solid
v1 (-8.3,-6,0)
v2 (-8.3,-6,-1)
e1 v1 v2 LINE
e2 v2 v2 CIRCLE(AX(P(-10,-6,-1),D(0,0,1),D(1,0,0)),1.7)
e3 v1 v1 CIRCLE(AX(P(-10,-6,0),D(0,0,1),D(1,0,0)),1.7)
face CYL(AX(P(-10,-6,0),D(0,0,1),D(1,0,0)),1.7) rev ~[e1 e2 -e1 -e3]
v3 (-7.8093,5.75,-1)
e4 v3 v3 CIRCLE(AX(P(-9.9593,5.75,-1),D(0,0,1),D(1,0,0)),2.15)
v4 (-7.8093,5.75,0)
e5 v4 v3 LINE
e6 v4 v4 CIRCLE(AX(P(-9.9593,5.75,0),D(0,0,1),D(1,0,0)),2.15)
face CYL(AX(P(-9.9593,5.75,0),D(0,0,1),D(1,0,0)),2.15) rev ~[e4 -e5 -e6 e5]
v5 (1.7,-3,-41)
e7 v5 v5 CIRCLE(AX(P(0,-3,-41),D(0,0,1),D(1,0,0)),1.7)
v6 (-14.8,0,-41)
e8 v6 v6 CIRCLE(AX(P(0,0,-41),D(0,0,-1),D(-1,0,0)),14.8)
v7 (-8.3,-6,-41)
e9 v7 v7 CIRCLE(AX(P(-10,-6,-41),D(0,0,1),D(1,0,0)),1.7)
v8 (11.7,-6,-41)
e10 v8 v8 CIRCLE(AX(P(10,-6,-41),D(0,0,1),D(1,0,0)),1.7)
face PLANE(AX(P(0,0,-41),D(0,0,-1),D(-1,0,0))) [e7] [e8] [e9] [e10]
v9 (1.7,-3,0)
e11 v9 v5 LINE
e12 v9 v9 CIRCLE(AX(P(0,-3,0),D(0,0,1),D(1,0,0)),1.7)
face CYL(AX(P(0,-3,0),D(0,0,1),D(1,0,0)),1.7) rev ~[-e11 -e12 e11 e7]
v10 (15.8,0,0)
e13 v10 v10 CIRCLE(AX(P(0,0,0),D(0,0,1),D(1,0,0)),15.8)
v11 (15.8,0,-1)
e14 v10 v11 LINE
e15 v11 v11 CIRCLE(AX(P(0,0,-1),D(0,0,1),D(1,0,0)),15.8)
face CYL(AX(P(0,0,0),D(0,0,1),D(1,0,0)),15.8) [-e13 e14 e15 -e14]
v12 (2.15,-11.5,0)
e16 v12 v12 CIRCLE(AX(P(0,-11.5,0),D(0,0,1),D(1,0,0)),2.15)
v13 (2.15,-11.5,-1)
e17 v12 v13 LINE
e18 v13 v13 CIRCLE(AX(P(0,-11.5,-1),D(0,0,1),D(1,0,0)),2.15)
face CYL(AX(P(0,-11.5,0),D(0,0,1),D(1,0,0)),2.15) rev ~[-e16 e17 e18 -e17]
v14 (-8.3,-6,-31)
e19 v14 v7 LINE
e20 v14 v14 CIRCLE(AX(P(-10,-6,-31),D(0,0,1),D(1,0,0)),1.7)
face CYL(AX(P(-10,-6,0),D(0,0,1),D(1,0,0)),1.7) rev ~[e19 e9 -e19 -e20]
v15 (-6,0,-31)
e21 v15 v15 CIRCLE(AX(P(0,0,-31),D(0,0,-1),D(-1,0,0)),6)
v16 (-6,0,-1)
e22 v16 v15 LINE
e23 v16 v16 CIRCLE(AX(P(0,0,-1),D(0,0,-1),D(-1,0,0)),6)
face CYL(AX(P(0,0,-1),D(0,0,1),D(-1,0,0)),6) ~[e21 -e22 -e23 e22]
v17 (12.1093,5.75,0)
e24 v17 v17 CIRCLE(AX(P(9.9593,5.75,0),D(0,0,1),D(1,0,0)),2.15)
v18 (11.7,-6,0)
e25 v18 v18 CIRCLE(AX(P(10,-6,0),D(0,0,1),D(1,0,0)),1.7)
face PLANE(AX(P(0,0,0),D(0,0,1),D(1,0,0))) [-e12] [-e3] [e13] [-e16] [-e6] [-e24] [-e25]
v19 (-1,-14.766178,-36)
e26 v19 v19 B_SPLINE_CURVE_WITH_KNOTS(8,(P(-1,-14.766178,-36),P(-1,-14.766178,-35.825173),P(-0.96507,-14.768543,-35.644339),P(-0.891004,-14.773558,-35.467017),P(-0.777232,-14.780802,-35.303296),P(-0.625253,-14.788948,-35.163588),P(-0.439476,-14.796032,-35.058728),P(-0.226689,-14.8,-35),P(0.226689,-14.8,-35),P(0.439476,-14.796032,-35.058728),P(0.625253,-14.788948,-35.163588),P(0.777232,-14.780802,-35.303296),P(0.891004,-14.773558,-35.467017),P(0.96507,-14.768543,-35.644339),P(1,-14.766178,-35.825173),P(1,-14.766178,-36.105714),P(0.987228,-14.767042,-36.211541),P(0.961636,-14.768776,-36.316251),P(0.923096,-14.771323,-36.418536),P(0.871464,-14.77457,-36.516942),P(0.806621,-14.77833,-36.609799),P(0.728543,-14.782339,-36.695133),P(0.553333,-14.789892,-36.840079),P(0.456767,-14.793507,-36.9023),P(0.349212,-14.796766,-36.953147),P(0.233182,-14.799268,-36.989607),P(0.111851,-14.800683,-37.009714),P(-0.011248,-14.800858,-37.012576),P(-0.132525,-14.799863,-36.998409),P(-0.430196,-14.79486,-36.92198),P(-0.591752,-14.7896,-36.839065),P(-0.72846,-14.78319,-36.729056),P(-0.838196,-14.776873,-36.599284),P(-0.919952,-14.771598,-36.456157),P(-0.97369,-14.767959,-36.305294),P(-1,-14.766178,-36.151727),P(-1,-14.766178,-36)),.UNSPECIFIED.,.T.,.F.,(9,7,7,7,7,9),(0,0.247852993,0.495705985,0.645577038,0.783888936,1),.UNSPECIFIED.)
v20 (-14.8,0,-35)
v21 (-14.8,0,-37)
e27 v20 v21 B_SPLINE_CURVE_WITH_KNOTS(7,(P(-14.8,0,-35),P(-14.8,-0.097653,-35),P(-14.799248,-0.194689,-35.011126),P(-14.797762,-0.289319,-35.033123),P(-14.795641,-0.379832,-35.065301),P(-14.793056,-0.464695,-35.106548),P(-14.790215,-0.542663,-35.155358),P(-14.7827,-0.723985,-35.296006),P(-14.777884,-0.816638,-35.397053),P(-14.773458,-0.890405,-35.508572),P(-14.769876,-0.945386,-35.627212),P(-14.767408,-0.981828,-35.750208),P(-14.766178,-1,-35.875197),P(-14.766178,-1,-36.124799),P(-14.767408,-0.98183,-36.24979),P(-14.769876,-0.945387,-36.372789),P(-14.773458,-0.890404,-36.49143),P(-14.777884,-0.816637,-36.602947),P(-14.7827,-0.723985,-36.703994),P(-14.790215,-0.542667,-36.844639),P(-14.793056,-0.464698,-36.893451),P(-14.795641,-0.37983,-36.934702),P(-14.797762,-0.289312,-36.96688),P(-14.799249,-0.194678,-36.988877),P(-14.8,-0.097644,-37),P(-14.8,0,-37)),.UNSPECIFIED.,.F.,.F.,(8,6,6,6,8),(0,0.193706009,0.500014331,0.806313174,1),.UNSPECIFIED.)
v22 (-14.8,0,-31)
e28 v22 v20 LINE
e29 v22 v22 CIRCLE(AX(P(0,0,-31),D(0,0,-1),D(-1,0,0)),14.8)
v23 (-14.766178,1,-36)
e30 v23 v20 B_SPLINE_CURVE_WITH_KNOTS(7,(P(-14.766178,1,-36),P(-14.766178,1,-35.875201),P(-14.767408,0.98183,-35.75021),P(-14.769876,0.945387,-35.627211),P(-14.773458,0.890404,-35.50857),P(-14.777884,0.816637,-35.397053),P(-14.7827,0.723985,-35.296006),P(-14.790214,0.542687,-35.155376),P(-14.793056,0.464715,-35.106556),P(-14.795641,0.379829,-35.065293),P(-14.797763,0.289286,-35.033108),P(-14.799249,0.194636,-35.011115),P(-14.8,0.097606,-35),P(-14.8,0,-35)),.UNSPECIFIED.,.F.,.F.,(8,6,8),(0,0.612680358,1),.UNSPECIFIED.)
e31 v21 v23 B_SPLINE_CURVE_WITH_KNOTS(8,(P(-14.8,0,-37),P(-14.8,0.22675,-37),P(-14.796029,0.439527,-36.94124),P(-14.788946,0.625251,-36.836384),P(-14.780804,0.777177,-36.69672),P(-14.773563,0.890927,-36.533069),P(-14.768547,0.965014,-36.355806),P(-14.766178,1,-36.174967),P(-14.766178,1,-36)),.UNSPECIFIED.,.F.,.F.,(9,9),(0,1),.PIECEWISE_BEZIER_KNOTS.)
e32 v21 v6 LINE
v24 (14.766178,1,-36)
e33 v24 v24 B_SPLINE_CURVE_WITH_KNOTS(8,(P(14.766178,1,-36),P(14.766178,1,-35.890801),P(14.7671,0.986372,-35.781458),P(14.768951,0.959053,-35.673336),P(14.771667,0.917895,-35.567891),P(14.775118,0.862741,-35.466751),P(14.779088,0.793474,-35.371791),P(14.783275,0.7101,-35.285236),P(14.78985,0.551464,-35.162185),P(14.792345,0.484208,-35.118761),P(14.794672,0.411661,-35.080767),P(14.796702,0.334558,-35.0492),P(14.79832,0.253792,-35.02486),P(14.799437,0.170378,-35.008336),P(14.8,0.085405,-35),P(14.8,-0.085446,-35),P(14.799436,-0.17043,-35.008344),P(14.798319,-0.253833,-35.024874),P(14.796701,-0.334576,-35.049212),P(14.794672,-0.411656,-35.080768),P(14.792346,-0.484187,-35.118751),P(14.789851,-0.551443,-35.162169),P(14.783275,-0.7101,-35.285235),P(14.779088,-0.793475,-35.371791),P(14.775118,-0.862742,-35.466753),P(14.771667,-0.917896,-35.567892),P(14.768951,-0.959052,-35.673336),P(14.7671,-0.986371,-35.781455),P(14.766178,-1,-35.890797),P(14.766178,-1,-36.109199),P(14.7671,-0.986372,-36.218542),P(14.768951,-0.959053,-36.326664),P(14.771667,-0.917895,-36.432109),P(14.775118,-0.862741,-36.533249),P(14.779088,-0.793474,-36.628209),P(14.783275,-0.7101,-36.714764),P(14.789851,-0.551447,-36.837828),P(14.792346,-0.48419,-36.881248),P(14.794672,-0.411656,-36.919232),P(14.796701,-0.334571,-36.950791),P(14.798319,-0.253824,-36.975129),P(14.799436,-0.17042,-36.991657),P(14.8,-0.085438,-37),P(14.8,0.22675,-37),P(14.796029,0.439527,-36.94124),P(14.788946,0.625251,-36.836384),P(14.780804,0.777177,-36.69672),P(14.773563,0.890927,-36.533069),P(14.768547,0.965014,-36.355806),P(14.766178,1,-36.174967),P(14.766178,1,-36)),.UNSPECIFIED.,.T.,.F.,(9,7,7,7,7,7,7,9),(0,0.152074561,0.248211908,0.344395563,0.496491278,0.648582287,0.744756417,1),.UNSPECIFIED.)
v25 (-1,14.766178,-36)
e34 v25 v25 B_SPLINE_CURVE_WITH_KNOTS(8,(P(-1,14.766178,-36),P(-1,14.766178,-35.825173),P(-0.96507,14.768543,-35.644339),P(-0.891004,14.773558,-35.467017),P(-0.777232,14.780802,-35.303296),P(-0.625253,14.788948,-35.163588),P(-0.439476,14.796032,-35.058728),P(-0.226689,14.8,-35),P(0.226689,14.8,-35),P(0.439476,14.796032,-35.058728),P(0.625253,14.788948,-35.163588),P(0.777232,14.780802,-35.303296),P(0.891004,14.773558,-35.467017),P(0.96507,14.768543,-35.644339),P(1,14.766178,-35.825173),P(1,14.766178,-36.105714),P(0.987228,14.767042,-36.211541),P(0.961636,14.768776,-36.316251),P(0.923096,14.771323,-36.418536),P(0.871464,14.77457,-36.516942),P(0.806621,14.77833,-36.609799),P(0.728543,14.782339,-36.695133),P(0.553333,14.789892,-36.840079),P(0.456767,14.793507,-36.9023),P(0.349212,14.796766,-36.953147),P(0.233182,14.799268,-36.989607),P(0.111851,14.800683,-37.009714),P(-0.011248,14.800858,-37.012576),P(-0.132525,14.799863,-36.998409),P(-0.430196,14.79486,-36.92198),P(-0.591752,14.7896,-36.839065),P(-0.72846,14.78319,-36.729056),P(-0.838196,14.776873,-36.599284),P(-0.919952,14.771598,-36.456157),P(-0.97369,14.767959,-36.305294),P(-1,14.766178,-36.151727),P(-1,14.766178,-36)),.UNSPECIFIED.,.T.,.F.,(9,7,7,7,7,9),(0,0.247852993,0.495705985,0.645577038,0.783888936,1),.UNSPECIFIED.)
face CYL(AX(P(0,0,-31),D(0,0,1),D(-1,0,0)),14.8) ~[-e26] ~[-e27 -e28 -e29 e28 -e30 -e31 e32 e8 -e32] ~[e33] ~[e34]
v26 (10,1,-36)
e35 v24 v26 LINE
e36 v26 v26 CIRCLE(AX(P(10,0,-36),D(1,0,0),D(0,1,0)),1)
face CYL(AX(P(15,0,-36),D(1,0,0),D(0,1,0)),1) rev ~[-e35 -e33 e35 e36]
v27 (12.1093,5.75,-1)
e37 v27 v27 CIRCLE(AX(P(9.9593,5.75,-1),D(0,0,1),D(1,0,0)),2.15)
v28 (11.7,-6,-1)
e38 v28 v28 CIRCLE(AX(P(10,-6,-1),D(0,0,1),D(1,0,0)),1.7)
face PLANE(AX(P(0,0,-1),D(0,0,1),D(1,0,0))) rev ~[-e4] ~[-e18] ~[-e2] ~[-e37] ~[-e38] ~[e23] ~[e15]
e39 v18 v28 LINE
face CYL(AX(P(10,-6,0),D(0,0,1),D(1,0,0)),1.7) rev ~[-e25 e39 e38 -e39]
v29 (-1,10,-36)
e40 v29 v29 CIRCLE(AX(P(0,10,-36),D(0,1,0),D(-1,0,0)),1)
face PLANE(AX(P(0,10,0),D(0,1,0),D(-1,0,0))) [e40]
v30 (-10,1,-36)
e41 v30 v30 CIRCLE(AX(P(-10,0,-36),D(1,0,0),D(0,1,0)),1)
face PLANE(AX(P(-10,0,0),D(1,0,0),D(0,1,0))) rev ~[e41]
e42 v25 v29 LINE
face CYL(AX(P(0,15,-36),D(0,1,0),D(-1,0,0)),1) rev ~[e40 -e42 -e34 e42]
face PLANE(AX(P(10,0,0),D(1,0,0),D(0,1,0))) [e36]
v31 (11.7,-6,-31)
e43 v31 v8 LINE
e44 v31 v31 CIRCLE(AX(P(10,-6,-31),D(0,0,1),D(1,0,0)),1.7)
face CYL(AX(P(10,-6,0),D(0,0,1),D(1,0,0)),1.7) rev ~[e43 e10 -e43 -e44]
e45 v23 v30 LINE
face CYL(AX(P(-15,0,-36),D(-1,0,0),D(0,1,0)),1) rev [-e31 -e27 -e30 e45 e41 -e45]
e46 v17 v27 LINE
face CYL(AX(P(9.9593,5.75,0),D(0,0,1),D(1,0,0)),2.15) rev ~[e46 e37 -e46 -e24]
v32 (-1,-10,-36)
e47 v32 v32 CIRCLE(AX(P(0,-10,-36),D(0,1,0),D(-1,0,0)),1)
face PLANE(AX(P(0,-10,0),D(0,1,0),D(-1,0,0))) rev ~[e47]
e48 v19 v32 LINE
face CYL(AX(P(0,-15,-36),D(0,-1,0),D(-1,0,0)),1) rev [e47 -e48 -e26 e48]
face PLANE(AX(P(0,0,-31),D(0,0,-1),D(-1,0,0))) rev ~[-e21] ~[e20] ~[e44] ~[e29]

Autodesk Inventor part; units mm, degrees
sketch "スケッチ2" plane through (0, 0, 0) normal (0, 0, 1) x (1, 0, 0)
  circle A0 centre (0, 0) radius 15.8
  dimension "d0" = 31.6
extrude "押し出し1" add sketch "スケッチ2" against normal blind 1
sketch "スケッチ11" plane through (0, 0, -1) normal (0, 0, -1) x (-1, 0, 0)
  circle A0 centre (0, 0) radius 6
  dimension "d85" = 12
extrude "押し出し9" add sketch "スケッチ11" along normal blind 30
sketch "スケッチ12" plane through (0, 0, -31) normal (0, 0, -1) x (-1, 0, 0)
  circle A0 centre (0, 0) radius 14.8
  dimension "d106" = 29.6
extrude "押し出し10" add sketch "スケッチ12" along normal blind 10
sketch "スケッチ13" plane through (0, 0, 0) normal (0, 0, 1) x (1, 0, 0)
  circle A0 centre (0, -3) radius 1.7
  circle A1 centre (-10, -6) radius 1.7
  circle A2 centre (10, -6) radius 1.7
  line L0 (0, 0) -> (0, 17.9574) construction
  dimension "d90" = 3.4
  dimension "d91" = 3.4
  dimension "d92" = 3.4
  dimension "d93" = 3
  dimension "d94" = 6
  dimension "d95" = 10
extrude "押し出し11" cut sketch "スケッチ13" against normal through all
sketch "スケッチ14" plane through (0, 0, 0) normal (0, 0, 1) x (1, 0, 0)
  circle A0 centre (0, -11.5) radius 2.15
  circle A1 centre (9.9593, 5.75) radius 2.15
  circle A2 centre (-9.9593, 5.75) radius 2.15
  point P0 (0, 0)
  dimension "d98" = 4.3
  dimension "d99" = 11.5
  dimension "d102" = 360
extrude "押し出し12" cut sketch "スケッチ14" against normal blind 1
ref_plane "作業平面1" through (15, 0, 0) normal (1, 0, 0) x (0, 1, 0)
ref_plane "作業平面2" through (-15, 0, 0) normal (1, 0, 0) x (0, 1, 0)
ref_plane "作業平面3" through (0, 15, 0) normal (0, 1, 0) x (-1, 0, 0)
ref_plane "作業平面4" through (0, -15, 0) normal (0, 1, 0) x (-1, 0, 0)
sketch "スケッチ16" plane through (15, 0, 0) normal (1, 0, 0) x (0, 1, 0)
  circle A0 centre (0, -36) radius 1
  line L0 (-14.8, -41) -> (14.8, -41) projected
  point P0 (0, 0)
  dimension "d111" = 2
  dimension "d112" = 5
sketch "スケッチ17" plane through (0, 15, 0) normal (0, 1, 0) x (-1, 0, 0)
  circle A0 centre (0, -36) radius 1
  line L0 (-14.8, -41) -> (14.8, -41) projected
  point P0 (0, 0)
  dimension "d113" = 2
  dimension "d114" = 5
sketch "スケッチ18" plane through (-15, 0, 0) normal (1, 0, 0) x (0, 1, 0)
  circle A0 centre (0, -36) radius 1
  line L0 (-14.8, -41) -> (14.8, -41) projected
  point P0 (0, 0)
  dimension "d115" = 2
  dimension "d116" = 5
sketch "スケッチ19" plane through (0, -15, 0) normal (0, 1, 0) x (-1, 0, 0)
  circle A0 centre (0, -36) radius 1
  line L0 (-14.8, -41) -> (14.8, -41) projected
  point P0 (0, 0)
  dimension "d117" = 2
  dimension "d118" = 5
extrude "押し出し13" cut sketch "スケッチ16" against normal blind 5
extrude "押し出し14" cut sketch "スケッチ17" against normal blind 5
extrude "押し出し15" cut sketch "スケッチ18" along normal blind 5
extrude "押し出し16" cut sketch "スケッチ19" along normal blind 5
properties part number "B_pipe_cylinder_5_1" material "ステンレス鋼 440C"
